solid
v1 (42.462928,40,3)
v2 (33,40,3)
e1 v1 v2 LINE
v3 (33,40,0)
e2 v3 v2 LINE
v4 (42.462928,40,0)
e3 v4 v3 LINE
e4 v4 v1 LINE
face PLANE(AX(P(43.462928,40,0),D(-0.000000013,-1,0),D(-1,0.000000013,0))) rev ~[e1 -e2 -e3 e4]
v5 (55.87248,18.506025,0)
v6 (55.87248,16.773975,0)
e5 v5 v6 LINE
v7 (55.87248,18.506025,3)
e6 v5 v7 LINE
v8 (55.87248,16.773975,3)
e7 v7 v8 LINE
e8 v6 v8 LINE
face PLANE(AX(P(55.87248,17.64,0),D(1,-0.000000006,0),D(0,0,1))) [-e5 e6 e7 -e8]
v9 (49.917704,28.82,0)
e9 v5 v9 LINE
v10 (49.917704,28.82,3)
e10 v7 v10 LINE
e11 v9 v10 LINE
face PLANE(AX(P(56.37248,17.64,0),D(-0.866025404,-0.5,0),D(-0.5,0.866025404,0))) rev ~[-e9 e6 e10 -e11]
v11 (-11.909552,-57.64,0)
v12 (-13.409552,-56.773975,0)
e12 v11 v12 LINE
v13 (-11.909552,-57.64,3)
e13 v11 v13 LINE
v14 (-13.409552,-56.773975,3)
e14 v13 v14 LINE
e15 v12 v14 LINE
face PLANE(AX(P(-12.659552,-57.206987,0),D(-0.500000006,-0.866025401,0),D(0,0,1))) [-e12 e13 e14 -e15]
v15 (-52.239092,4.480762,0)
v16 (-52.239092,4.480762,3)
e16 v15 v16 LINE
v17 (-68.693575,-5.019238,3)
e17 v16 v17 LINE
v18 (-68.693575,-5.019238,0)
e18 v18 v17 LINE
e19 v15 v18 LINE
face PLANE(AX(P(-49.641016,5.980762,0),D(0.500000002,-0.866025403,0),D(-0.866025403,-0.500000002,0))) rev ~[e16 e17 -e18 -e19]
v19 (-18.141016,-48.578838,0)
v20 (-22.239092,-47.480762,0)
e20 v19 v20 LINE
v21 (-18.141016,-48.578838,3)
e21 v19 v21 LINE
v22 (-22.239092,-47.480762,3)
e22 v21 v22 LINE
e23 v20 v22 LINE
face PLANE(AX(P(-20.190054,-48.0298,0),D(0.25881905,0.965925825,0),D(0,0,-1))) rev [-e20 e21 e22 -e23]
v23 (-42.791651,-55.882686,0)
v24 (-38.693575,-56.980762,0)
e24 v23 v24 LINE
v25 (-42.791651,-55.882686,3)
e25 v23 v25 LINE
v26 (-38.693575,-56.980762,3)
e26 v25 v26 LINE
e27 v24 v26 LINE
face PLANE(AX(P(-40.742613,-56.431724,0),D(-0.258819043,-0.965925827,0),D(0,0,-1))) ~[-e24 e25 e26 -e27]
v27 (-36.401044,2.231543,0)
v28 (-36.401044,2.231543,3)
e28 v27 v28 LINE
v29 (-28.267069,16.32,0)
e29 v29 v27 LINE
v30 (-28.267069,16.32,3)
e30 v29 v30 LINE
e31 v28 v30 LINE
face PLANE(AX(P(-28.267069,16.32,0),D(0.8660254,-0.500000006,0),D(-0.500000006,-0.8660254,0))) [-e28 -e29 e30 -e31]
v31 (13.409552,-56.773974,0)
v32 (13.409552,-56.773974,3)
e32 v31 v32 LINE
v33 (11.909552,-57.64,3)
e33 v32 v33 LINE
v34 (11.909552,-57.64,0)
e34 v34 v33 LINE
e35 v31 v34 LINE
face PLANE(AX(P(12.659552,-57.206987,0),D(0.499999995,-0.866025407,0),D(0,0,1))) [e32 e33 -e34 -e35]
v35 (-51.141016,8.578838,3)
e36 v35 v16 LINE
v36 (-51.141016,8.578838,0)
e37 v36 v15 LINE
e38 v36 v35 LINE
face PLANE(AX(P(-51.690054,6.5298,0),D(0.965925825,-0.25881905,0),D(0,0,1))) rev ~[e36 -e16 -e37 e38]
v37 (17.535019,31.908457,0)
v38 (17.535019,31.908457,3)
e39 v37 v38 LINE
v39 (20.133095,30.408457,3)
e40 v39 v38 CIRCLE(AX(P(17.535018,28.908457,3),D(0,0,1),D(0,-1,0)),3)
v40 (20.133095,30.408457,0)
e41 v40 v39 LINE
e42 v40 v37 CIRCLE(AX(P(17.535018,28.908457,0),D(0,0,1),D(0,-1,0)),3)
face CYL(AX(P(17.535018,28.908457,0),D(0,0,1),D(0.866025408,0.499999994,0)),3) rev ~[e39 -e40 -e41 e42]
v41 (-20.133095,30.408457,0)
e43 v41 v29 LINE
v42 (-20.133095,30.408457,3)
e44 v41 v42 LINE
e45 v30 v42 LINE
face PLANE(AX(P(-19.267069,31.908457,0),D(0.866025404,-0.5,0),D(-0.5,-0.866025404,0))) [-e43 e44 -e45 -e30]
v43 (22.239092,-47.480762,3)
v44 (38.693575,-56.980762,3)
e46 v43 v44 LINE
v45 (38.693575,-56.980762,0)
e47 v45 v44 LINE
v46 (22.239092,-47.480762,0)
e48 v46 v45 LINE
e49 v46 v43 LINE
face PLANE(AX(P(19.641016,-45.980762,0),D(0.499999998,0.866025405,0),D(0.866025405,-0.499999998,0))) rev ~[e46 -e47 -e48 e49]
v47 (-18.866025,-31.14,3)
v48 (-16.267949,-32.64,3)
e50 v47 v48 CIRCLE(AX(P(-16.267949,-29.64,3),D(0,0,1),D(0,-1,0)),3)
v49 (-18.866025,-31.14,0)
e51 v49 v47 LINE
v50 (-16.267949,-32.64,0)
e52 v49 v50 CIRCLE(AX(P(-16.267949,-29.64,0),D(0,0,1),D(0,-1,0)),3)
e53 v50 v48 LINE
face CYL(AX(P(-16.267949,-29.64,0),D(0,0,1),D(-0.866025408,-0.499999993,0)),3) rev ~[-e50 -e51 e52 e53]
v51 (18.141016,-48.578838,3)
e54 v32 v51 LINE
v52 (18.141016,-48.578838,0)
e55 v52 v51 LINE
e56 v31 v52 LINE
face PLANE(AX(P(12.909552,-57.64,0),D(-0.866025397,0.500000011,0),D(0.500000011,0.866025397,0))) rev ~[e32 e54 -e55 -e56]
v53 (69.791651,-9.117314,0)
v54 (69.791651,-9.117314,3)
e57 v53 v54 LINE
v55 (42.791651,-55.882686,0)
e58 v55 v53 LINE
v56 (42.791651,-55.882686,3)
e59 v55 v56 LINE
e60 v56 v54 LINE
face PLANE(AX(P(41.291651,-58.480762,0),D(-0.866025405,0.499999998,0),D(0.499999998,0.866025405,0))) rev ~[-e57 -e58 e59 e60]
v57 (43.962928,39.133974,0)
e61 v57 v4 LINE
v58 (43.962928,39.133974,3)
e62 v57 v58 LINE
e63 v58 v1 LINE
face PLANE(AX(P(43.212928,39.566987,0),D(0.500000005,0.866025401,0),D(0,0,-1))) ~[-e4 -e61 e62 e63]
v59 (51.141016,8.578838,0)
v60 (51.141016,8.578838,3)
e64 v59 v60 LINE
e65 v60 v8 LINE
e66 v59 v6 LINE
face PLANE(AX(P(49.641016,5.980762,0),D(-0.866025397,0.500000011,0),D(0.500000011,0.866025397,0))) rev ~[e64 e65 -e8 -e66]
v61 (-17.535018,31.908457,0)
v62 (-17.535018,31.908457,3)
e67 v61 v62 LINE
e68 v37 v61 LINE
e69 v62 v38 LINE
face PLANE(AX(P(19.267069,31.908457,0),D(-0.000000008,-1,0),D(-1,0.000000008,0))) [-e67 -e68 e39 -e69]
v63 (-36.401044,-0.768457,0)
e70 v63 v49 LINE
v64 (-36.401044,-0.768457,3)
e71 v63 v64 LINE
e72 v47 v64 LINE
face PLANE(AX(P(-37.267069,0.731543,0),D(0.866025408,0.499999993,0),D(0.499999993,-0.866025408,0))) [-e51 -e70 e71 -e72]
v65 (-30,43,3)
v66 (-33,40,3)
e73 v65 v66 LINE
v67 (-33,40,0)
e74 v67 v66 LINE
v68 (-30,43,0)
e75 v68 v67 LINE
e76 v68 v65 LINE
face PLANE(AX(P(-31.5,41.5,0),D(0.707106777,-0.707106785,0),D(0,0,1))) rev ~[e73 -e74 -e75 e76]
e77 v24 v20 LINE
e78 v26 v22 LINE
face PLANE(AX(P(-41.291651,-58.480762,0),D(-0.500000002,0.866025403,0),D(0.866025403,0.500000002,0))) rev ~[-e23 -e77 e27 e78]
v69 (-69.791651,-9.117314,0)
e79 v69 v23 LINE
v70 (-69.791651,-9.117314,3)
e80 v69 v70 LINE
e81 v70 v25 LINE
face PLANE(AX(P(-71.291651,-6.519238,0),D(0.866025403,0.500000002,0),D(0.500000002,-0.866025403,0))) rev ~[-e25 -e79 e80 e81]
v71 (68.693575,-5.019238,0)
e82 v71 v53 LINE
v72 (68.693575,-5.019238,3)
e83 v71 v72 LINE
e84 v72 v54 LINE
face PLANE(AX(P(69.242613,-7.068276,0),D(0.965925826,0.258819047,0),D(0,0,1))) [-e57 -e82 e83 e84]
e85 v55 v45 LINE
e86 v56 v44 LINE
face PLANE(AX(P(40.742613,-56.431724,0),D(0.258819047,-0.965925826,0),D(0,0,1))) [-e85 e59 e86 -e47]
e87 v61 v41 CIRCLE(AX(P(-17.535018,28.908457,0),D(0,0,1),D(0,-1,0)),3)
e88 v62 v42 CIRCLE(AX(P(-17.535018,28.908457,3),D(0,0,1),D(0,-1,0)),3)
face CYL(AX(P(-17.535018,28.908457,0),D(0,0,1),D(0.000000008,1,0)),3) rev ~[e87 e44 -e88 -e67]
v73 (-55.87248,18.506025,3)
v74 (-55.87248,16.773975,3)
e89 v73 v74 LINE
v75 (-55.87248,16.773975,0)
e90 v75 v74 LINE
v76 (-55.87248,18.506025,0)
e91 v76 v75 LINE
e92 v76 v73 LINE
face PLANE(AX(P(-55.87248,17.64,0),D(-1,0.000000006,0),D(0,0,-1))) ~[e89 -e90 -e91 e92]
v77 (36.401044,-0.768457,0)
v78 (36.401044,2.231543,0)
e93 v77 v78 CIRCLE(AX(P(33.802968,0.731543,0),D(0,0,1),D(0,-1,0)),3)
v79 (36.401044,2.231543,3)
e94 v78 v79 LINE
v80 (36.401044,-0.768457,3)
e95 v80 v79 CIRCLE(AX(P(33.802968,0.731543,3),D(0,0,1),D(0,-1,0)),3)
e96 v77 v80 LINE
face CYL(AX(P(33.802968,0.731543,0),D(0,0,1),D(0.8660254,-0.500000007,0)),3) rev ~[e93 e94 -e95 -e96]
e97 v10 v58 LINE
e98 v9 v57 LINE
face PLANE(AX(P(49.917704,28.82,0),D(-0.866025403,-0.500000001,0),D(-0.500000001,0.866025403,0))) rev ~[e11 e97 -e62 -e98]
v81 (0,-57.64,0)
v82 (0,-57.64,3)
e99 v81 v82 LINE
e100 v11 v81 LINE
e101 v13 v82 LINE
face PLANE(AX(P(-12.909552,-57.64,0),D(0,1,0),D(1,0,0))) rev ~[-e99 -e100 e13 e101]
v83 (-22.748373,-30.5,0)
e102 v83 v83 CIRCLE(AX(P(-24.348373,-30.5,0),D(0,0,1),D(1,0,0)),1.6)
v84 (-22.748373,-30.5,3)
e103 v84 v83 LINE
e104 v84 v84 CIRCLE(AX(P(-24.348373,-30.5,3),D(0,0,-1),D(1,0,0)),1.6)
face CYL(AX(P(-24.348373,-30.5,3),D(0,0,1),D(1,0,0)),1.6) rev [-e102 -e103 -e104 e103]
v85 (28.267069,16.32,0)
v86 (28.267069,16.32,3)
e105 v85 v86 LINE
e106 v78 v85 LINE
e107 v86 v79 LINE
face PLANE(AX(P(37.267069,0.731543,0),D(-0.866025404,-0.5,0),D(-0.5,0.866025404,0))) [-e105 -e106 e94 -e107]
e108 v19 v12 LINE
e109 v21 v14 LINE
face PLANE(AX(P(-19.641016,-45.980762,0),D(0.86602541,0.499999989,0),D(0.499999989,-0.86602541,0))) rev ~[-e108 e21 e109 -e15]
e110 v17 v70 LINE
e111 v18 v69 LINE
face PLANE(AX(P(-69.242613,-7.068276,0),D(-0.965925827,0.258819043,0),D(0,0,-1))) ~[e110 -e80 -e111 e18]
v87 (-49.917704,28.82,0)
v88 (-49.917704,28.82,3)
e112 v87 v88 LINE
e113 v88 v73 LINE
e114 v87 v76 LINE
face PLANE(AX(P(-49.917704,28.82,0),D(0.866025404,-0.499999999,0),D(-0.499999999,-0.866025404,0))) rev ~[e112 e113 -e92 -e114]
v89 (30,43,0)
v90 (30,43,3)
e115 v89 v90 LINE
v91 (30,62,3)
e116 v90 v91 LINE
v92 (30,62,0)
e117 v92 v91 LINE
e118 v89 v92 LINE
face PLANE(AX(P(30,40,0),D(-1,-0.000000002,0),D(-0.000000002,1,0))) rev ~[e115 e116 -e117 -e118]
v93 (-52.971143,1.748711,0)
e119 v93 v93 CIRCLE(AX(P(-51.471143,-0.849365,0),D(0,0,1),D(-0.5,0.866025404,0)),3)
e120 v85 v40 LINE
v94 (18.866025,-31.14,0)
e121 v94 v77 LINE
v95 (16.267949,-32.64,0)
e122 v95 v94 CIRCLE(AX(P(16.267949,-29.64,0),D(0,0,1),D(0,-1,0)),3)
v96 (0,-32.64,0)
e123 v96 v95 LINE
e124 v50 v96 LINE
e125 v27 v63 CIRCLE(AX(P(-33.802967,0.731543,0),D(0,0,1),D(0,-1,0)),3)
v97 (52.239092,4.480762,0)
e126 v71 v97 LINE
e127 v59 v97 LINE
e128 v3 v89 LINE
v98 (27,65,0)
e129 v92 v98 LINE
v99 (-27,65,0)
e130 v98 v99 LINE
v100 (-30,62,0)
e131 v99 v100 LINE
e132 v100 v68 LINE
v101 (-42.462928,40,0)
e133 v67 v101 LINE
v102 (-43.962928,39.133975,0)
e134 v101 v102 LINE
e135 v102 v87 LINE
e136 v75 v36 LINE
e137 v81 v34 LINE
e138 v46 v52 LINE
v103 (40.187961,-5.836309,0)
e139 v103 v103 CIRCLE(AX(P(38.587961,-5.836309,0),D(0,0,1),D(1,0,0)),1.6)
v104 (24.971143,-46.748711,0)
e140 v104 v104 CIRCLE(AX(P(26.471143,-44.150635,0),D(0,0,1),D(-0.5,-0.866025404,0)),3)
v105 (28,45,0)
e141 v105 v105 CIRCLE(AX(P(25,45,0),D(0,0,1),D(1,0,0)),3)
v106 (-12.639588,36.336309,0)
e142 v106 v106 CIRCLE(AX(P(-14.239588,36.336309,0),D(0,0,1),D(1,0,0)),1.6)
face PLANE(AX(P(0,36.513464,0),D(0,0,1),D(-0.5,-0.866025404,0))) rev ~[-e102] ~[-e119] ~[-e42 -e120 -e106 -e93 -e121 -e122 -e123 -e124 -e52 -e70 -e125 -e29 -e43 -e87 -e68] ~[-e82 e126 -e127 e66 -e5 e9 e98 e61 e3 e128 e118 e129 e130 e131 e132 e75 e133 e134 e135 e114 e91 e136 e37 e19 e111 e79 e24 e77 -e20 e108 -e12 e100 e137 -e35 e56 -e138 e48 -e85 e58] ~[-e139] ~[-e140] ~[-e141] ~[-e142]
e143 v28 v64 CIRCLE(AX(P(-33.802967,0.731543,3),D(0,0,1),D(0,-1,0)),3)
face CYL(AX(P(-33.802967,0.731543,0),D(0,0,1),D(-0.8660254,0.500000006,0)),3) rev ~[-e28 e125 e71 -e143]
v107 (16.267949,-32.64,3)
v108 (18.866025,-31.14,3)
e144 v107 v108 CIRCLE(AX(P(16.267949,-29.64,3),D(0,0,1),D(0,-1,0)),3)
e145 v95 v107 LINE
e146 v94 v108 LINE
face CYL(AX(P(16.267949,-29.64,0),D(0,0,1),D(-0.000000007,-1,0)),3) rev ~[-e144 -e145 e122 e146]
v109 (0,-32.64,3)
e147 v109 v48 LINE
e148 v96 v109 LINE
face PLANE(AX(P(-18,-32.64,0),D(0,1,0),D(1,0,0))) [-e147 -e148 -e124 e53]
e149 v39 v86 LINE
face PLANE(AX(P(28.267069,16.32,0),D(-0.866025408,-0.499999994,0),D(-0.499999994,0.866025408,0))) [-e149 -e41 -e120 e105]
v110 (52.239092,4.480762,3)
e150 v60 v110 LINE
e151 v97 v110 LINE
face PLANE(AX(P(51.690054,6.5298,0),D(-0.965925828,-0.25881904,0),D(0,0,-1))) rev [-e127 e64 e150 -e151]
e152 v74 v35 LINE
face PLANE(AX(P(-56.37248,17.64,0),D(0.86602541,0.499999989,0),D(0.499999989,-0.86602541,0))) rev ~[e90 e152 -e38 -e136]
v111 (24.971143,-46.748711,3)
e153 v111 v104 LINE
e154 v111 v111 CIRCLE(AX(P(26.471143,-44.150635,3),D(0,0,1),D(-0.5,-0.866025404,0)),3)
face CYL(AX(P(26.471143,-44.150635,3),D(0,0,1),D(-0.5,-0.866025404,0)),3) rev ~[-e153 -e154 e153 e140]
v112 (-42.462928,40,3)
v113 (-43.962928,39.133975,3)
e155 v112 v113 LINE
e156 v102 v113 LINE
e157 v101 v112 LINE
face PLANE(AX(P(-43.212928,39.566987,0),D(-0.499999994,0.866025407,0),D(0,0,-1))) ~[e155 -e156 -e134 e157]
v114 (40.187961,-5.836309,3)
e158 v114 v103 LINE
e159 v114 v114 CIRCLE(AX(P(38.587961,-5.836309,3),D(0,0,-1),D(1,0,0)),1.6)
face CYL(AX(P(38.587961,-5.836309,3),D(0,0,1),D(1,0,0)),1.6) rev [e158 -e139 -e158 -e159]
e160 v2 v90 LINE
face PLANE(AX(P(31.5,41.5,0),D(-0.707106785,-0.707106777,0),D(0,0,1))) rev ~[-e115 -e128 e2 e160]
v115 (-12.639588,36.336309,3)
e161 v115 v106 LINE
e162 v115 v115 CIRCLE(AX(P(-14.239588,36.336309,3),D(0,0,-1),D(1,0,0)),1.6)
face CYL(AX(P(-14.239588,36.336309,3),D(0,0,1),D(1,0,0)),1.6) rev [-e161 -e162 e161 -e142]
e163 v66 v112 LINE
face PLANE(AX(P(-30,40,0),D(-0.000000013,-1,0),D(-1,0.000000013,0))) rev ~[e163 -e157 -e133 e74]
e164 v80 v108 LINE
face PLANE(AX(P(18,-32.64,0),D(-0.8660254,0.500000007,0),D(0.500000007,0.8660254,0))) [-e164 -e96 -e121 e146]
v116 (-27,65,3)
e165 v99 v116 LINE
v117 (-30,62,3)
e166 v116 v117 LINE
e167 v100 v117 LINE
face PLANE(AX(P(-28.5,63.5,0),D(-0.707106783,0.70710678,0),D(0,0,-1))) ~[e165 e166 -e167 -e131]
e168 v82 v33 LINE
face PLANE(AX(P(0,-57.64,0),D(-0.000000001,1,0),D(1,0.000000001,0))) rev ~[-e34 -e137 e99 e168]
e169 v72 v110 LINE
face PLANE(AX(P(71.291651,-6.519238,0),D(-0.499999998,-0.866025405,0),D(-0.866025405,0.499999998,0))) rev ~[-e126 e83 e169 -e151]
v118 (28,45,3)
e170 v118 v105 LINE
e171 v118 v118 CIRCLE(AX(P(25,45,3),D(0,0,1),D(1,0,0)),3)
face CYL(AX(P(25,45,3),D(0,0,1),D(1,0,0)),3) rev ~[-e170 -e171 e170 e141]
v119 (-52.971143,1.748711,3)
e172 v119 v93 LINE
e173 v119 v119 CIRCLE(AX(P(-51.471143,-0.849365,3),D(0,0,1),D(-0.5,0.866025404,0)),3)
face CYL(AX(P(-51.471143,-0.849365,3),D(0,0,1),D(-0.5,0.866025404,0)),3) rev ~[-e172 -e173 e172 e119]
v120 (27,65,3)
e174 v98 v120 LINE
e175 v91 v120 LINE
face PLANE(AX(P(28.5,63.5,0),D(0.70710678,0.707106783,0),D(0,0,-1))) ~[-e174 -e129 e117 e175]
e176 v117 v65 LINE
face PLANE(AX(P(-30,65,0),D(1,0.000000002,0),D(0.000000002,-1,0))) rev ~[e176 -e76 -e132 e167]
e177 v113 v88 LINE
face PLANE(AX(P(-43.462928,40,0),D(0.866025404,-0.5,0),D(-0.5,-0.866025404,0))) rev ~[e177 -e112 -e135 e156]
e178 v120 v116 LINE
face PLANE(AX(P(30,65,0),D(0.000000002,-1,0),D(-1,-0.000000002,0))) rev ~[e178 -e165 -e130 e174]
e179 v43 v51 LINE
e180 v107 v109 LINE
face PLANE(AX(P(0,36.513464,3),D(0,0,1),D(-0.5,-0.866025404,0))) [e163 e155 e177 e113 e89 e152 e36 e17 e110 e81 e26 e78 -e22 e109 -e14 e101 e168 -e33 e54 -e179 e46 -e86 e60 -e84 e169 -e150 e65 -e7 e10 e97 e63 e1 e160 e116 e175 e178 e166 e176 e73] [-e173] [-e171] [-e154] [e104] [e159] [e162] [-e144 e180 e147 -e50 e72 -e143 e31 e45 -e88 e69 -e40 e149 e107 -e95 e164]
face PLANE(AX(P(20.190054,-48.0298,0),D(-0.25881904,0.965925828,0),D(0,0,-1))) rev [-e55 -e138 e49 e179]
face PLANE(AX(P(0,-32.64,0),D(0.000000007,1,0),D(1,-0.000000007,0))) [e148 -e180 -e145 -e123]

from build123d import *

# Parameters (mm, degrees)
SKETCH_R              = 1.6
PAD_DEPTH             = 3
POLARPATTERN_COUNT    = 3
POCKET_DEPTH          = 380.288671
POLARPATTERN001_COUNT = 3
CHAMFER_SIZE          = 1
FILLET_R              = 3
SKETCH066_R           = 1.6
POCKET032_DEPTH       = 3.001
SKETCH078_R           = 3
POCKET038_DEPTH       = 5
POLARPATTERN007_COUNT = 3
CHAMFER017_SIZE       = 3


with BuildPart() as part:
    # Sketch → Pad (new body)
    with BuildSketch(Plane.XY):
        Polygon((0, 0), (-49.917704, 28.82), (-56.37248, 17.64), (-49.641016, 5.980762), (-58.30127, 0.980762), (-71.291651, -6.519238), (-41.291651, -58.480762), (-28.30127, -50.980762), (-19.641016, -45.980762), (-12.909552, -57.64), (0, -57.64), align=None)
        with Locations((-51.471143, -0.849365)):
            Circle(SKETCH_R, mode=Mode.SUBTRACT)
    pad = extrude(amount=PAD_DEPTH)

    # PolarPattern: Pad ×3 about axis
    polarpattern_axis = Axis((0, 0, 0), (0, 0, 1))
    for i in range(1, POLARPATTERN_COUNT):
        add(pad.rotate(polarpattern_axis, i * 360 / POLARPATTERN_COUNT))

    # Sketch001 → Pocket (cut, through all)
    with BuildSketch(Plane.XY):
        Polygon((-28.267069, 16.32), (-37.267069, 0.731543), (-18, -32.64), (0, -32.64), (0, 0), align=None)
    pocket = extrude(amount=POCKET_DEPTH, mode=Mode.SUBTRACT)

    # PolarPattern001: Pocket ×3 about axis
    polarpattern001_axis = Axis((0, 0, 0), (0, 0, 1))
    for i in range(1, POLARPATTERN001_COUNT):
        add(pocket.rotate(polarpattern001_axis, i * 360 / POLARPATTERN001_COUNT), mode=Mode.SUBTRACT)

    # Chamfer
    chamfer_edges = [part.edges().sort_by_distance(p)[0] for p in [
        (-56.37248, 17.64, 1.5),
        (-43.462928, 40, 1.5),
        (43.462928, 40, 1.5),
        (56.37248, 17.64, 1.5),
        (12.909552, -57.64, 1.5),
        (-12.909552, -57.64, 1.5),
    ]]
    chamfer(chamfer_edges, length=CHAMFER_SIZE)

    # Fillet
    fillet_edges = [part.edges().sort_by_distance(p)[0] for p in [
        (-19.267069, 31.908457, 1.5),
        (18, -32.64, 1.5),
        (-18, -32.64, 1.5),
        (37.267069, 0.731543, 1.5),
        (19.267069, 31.908457, 1.5),
        (-37.267069, 0.731543, 1.5),
    ]]
    fillet(fillet_edges, radius=FILLET_R)

    # Sketch066 (on Binder) → Pocket032 (cut, through all)
    with BuildSketch(Plane(origin=(0, 0, 3), x_dir=(1, 0, 0), z_dir=(0, 0, -1))):
        with Locations((-24.348373, 30.5)):
            Circle(SKETCH066_R)
        with Locations((38.587961, 5.836309)):
            Circle(SKETCH066_R)
        with Locations((-14.239588, -36.336309)):
            Circle(SKETCH066_R)
    extrude(amount=POCKET032_DEPTH, mode=Mode.SUBTRACT)

    # Sketch078 (on Face44 of Pocket032) → Pocket038 (cut)
    with BuildSketch(Plane.XY.offset(3)):
        with Locations((25, 45)):
            Circle(SKETCH078_R)
    pocket038 = extrude(amount=-POCKET038_DEPTH, mode=Mode.SUBTRACT)

    # PolarPattern007: Pocket038 ×3 about axis
    polarpattern007_axis = Axis((0, 0, 3), (0, 0, 1))
    for i in range(1, POLARPATTERN007_COUNT):
        add(pocket038.rotate(polarpattern007_axis, i * 360 / POLARPATTERN007_COUNT), mode=Mode.SUBTRACT)

    # Chamfer017
    chamfer017_edges = [part.edges().sort_by_distance(p)[0] for p in [
        (-41.291651, -58.480762, 1.5),
        (-71.291651, -6.519238, 1.5),
        (-30, 65, 1.5),
        (41.291651, -58.480762, 1.5),
        (71.291651, -6.519238, 1.5),
        (30, 65, 1.5),
        (-19.641016, -45.980762, 1.5),
        (49.641016, 5.980762, 1.5),
        (-30, 40, 1.5),
        (30, 40, 1.5),
        (-49.641016, 5.980762, 1.5),
        (19.641016, -45.980762, 1.5),
    ]]
    chamfer(chamfer017_edges, length=CHAMFER017_SIZE)


solid = part.part
